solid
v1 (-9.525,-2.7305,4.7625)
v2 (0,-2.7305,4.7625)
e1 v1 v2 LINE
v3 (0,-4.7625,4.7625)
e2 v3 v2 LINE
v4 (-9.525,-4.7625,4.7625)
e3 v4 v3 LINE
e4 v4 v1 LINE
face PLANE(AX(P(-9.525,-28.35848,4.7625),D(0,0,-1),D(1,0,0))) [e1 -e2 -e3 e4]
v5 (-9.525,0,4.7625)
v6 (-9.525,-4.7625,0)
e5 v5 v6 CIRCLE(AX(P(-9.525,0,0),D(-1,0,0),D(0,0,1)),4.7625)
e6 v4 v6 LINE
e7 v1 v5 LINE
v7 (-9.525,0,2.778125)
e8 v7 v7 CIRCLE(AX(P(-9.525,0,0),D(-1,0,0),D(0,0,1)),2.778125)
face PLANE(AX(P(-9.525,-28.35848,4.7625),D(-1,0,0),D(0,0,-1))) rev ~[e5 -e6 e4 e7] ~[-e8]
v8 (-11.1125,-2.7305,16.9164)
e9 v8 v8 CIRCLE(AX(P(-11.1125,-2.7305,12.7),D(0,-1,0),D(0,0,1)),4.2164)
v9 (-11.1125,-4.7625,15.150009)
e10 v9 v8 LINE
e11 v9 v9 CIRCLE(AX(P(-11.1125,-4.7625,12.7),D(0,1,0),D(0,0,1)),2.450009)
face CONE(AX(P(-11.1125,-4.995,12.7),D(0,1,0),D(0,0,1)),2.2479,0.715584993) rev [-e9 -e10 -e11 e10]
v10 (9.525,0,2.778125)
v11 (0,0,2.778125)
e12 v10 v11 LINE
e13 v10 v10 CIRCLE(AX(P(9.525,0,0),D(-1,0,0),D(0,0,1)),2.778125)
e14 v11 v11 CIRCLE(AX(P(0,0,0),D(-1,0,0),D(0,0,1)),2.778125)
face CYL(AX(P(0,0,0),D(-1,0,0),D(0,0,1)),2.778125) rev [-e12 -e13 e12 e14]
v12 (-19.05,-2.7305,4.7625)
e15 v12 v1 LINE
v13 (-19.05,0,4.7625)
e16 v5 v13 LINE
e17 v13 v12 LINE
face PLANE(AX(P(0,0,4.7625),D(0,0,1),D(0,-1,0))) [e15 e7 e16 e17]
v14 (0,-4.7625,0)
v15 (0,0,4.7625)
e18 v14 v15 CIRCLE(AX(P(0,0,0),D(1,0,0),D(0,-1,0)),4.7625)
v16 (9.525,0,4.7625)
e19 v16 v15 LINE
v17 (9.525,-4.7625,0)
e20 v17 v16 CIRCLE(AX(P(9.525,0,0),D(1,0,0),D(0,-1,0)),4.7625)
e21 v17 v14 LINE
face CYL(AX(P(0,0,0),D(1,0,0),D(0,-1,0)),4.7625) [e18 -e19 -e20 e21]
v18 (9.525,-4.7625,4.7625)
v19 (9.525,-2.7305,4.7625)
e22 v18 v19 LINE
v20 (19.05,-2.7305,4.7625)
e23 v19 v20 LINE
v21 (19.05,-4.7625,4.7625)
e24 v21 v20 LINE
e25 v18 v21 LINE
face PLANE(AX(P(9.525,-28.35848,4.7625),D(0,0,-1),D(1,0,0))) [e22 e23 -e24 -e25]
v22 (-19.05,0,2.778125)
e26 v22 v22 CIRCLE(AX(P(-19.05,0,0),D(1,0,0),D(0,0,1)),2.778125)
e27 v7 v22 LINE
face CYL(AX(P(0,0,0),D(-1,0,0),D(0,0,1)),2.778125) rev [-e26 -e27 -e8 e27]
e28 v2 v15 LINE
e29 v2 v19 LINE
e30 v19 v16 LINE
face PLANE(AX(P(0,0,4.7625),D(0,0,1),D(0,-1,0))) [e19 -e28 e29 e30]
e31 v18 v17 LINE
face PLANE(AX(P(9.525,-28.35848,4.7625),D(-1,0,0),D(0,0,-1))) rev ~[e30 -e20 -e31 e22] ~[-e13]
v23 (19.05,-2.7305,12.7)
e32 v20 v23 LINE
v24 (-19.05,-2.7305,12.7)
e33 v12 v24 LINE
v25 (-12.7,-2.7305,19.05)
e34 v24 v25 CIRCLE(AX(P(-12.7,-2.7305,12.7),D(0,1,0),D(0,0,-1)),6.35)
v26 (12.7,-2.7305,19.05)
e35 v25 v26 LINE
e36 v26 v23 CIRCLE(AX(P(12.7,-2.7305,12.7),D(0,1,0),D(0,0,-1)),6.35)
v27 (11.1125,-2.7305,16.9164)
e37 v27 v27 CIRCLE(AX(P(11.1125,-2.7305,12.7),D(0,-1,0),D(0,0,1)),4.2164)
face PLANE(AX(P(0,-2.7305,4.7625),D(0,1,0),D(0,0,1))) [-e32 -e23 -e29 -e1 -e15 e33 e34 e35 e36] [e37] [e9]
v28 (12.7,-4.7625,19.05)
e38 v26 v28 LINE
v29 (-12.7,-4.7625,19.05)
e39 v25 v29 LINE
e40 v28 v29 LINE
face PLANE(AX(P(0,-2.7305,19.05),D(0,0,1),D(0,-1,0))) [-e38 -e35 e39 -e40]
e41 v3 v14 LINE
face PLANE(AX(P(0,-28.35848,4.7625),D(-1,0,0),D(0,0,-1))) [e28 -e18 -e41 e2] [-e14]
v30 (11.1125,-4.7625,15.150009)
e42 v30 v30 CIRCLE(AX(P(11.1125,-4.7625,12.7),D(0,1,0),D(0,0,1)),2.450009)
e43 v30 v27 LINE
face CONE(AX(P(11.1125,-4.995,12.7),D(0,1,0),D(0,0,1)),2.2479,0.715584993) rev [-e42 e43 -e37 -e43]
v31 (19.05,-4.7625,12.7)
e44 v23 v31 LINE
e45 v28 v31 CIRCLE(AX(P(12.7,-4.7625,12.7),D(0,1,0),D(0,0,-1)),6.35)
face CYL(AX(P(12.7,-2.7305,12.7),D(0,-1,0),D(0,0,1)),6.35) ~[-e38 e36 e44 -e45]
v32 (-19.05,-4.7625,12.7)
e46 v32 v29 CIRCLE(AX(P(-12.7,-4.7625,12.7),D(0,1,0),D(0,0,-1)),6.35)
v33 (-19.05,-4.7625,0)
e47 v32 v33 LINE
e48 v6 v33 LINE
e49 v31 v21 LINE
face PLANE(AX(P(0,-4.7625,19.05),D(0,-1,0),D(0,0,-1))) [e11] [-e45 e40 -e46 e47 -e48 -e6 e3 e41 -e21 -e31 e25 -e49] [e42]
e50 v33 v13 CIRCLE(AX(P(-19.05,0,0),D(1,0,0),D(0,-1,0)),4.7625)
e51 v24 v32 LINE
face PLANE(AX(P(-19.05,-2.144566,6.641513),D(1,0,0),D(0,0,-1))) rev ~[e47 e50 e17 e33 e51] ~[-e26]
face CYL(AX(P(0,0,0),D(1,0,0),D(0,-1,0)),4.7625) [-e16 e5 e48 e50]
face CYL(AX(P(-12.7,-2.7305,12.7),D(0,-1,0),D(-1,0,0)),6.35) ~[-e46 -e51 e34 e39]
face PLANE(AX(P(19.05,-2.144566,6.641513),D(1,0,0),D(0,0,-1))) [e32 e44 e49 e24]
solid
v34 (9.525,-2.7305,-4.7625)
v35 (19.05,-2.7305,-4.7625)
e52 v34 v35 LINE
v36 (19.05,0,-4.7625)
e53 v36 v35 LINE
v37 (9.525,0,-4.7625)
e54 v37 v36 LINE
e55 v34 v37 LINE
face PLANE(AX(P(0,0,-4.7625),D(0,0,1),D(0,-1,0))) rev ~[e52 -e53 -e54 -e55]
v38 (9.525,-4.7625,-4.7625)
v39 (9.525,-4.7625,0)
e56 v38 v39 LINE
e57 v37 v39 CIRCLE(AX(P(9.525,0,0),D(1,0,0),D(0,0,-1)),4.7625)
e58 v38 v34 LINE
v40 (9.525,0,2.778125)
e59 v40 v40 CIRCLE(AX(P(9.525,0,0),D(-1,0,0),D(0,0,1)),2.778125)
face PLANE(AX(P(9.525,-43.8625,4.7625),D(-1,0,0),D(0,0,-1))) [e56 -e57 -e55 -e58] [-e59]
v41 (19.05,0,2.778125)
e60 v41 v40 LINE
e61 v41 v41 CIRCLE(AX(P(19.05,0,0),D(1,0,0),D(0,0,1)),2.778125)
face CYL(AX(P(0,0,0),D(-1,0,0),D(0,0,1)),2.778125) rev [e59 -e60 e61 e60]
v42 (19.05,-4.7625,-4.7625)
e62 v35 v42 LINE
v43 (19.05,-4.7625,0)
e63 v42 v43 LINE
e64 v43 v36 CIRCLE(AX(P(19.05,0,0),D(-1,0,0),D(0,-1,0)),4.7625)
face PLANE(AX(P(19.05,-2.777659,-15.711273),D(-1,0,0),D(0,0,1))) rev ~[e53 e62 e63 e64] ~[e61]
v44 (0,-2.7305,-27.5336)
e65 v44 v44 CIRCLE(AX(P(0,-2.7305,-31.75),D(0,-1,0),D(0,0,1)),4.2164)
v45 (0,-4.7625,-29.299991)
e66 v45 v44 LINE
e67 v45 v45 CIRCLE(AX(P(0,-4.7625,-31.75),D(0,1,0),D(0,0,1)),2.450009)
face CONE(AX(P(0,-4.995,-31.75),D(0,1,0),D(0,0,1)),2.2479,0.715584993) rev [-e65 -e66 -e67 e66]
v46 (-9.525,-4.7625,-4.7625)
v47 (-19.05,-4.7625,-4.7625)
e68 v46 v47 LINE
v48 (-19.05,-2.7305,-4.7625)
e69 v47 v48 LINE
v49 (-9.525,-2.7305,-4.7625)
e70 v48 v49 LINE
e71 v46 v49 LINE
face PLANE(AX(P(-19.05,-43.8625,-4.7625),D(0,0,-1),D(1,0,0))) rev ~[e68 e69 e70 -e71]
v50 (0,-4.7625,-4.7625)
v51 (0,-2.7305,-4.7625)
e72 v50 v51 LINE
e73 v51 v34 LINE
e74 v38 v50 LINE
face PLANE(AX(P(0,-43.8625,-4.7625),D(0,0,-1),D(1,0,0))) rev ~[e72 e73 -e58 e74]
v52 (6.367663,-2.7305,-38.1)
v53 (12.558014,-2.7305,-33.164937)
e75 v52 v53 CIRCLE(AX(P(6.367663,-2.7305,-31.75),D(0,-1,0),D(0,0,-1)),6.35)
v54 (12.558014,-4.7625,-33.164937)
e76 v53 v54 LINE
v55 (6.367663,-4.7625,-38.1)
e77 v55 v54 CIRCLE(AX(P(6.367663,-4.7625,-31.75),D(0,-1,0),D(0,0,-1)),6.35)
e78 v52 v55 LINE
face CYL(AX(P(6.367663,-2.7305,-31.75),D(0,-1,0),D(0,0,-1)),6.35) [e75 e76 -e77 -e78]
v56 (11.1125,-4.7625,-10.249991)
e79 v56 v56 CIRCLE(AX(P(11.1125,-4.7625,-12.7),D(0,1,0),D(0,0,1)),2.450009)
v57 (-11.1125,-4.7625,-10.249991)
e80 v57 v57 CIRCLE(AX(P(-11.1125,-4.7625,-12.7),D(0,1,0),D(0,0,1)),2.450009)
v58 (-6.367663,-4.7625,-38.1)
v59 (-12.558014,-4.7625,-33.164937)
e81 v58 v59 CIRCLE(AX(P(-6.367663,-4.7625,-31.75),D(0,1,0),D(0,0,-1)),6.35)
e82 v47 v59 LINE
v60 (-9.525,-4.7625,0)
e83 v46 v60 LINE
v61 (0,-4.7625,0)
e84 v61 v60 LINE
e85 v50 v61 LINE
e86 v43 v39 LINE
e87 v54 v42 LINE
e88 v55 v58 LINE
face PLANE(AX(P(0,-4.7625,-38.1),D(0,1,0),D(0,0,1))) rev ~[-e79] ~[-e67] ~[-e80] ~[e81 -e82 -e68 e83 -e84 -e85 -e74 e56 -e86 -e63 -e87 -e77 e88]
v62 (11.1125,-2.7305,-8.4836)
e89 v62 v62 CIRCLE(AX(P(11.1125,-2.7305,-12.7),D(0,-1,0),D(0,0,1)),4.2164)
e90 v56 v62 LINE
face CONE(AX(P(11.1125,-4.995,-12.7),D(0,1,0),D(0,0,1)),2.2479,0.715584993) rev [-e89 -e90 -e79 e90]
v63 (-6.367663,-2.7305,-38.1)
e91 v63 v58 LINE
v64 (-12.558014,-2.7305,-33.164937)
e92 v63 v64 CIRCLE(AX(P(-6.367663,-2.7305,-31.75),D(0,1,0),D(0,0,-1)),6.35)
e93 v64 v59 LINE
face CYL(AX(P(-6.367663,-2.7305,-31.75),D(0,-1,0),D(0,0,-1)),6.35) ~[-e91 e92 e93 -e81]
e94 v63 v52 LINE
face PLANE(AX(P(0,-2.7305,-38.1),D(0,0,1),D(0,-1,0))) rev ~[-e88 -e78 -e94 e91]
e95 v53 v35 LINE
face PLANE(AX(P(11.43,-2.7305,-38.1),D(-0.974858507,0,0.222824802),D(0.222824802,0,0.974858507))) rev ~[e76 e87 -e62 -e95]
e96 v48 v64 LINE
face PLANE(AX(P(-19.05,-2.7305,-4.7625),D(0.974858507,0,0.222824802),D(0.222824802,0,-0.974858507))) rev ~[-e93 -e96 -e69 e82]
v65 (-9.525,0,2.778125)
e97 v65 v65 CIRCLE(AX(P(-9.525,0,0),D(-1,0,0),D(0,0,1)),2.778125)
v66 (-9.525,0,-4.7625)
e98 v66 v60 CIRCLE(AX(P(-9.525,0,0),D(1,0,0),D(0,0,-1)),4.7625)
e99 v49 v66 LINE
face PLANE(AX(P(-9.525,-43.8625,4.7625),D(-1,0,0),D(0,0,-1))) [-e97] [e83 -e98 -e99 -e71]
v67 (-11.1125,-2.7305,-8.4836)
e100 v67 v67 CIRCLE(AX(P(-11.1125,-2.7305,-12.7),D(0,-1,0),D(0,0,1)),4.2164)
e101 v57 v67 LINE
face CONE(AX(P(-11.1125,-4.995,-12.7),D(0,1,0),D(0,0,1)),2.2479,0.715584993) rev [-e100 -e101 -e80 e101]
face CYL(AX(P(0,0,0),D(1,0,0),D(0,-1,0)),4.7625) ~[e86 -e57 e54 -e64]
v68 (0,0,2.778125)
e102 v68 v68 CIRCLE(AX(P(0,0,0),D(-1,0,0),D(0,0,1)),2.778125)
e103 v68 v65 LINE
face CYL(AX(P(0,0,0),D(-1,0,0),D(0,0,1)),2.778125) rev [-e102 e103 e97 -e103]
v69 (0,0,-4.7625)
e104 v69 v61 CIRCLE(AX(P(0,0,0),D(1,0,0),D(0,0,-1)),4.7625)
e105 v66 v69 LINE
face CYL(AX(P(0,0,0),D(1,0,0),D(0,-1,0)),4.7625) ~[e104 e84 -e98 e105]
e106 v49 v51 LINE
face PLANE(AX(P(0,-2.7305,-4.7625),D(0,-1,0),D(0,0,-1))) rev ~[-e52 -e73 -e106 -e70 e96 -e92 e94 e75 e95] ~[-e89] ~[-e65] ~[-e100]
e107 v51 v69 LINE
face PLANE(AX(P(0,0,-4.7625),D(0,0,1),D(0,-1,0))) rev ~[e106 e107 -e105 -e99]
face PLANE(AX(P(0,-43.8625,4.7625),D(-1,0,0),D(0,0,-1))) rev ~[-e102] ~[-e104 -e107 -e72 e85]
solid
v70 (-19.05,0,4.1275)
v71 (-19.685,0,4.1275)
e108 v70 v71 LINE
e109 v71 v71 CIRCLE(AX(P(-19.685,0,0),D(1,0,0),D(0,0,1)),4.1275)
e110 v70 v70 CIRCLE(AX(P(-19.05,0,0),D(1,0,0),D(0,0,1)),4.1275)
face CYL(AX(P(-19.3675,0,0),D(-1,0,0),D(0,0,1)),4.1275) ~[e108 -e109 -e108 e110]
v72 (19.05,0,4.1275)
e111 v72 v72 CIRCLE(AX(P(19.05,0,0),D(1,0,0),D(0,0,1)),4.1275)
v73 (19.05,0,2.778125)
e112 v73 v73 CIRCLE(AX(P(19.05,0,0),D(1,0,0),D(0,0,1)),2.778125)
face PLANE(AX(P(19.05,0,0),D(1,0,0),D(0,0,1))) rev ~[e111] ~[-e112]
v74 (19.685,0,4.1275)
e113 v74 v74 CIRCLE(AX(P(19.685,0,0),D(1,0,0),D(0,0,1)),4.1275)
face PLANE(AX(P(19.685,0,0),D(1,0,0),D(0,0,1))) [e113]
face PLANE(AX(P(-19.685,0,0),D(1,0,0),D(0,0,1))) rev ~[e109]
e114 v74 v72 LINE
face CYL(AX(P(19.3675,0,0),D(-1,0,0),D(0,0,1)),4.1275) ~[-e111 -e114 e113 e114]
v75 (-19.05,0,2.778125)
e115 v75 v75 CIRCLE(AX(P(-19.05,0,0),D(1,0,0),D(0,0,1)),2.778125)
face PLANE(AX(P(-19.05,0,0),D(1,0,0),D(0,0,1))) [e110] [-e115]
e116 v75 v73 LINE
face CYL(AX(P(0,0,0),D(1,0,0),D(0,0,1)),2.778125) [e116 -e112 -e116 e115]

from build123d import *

# Parameters (mm, degrees)
SKETCH1_R                                     = 2.778125
LEFT_LEAF_DEPTH                               = 19.05
CUT_EXTRUDE1_DEPTH                            = 28.358479604
CUT_EXTRUDE1_DEPTH_BACK                       = 28.358479604
SKETCH2_W                                     = 9.525
SKETCH2_H                                     = 9.525
SKETCH3_R                                     = 2.778125
RIGHT_LEAF_DEPTH                              = 19.05
CUT_EXTRUDE2_DEPTH                            = 43.8625
CUT_EXTRUDE2_DEPTH_BACK                       = 43.8625
SKETCH9_W                                     = 9.525
SKETCH9_H                                     = 9.525
SKETCH10_R                                    = 2.778125
EXTRUDE1_DEPTH                                = 19.05
CUT_EXTRUDE3_DEPTH                            = 44.251098818
FILLET1_R                                     = 6.35
FILLET2_R                                     = 6.35
CSK_FOR_8_FLAT_HEAD_MACHINE_SCREW1_AT_2_COUNT = 2
CSK_FOR_8_FLAT_HEAD_MACHINE_SCREW1_AT_2_PITCH = 22.054254833
CSK_FOR_8_FLAT_HEAD_MACHINE_SCREW1_AT_3_COUNT = 2
CSK_FOR_8_FLAT_HEAD_MACHINE_SCREW1_AT_3_PITCH = 22.054254833
CSK_FOR_8_FLAT_HEAD_MACHINE_SCREW1_AT_4_COUNT = 2
CSK_FOR_8_FLAT_HEAD_MACHINE_SCREW1_AT_4_PITCH = 45.818011265
CSK_FOR_8_FLAT_HEAD_MACHINE_SCREW1_AT_5_COUNT = 2
CSK_FOR_8_FLAT_HEAD_MACHINE_SCREW1_AT_5_PITCH = 45.818011265
SKETCH14_W                                    = 0.635
SKETCH14_H                                    = 4.1275


with BuildPart() as part:
    # Sketch1 → Left Leaf (new, symmetric)
    with BuildSketch(Plane(origin=(0, 0, 0), x_dir=(0, 0, -1), z_dir=(1, 0, 0))):
        with BuildLine():
            Line((-4.7625, 0), (-4.7625, -2.7305))
            Line((-4.7625, -2.7305), (-19.05, -2.7305))
            Line((-19.05, -2.7305), (-19.05, -4.7625))
            Line((-19.05, -4.7625), (0, -4.7625))
            ThreePointArc((0, -4.7625), (3.367596045, 3.367596045), (-4.7625, 0))
        make_face()
        with Locations(Location((0, 0, 0), (0, 0, 180))):
            Circle(SKETCH1_R, mode=Mode.SUBTRACT)
    extrude(amount=LEFT_LEAF_DEPTH, both=True)

    # Sketch2 → Cut-Extrude1 (cut, two sides: drawn at the far end of the back side and taken through both)
    with BuildSketch(Plane(origin=(0, 0, 0), x_dir=(1, 0, 0), z_dir=(0, 1, 0)).offset(-CUT_EXTRUDE1_DEPTH_BACK)):
        with Locations((14.2875, 0)):
            Rectangle(SKETCH2_W, SKETCH2_H)
        with Locations((-4.7625, 0)):
            Rectangle(SKETCH2_W, SKETCH2_H)
    extrude(amount=CUT_EXTRUDE1_DEPTH + CUT_EXTRUDE1_DEPTH_BACK, mode=Mode.SUBTRACT)

    # Fillet1
    fillet1_edges = [part.edges().sort_by_distance(p)[0] for p in [
        (19.05, -3.7465, 19.05),
        (-19.05, -3.7465, 19.05),
    ]]
    fillet(fillet1_edges, radius=FILLET1_R)


with BuildPart() as body_2:
    # Sketch3 → Right Leaf (new, symmetric)
    with BuildSketch(Plane(origin=(0, 0, 0), x_dir=(0, 0, -1), z_dir=(1, 0, 0))):
        with BuildLine():
            Line((38.1, -2.7305), (38.1, -4.7625))
            Line((38.1, -4.7625), (0, -4.7625))
            ThreePointArc((0, -4.7625), (-3.367596045, 3.367596045), (4.7625, 0))
            Line((4.7625, 0), (4.7625, -2.7305))
            Line((4.7625, -2.7305), (38.1, -2.7305))
        make_face()
        with Locations(Location((0, 0, 0), (0, 0, 180))):
            Circle(SKETCH3_R, mode=Mode.SUBTRACT)
    extrude(amount=RIGHT_LEAF_DEPTH, both=True)

    # Sketch9 → Cut-Extrude2 (cut, two sides: drawn at the far end of the back side and taken through both)
    with BuildSketch(Plane(origin=(0, 0, 0), x_dir=(1, 0, 0), z_dir=(0, 1, 0)).offset(-CUT_EXTRUDE2_DEPTH_BACK)):
        with Locations((4.7625, 0)):
            Rectangle(SKETCH9_W, SKETCH9_H)
        with Locations((-14.2875, 0)):
            Rectangle(SKETCH9_W, SKETCH9_H)
    extrude(amount=CUT_EXTRUDE2_DEPTH + CUT_EXTRUDE2_DEPTH_BACK, mode=Mode.SUBTRACT)

    # Sketch13 → Cut-Extrude3 (cut, through all)
    with BuildSketch(Plane(origin=(0, -2.7305, 0), x_dir=(-1, 0, 0), z_dir=(0, 1, 0))):
        Polygon((19.05, -4.7625), (11.43, -38.1), (-11.43, -38.1), (-19.05, -4.7625), (-19.05, -46.917728232), (19.05, -46.917728232), align=None)
    extrude(amount=-CUT_EXTRUDE3_DEPTH, mode=Mode.SUBTRACT)

    # Fillet2
    fillet2_edges = [body_2.edges().sort_by_distance(p)[0] for p in [
        (11.43, -3.7465, -38.1),
        (-11.43, -3.7465, -38.1),
    ]]
    fillet(fillet2_edges, radius=FILLET2_R)

    # Sketch12 → CSK for #8 Flat Head Machine Screw1 (revolve, cut)
    with BuildSketch(Plane(origin=(0, -2.7305, -31.75), x_dir=(0, 0, 1), z_dir=(1, 0, 0))):
        Polygon((0, 0), (0, 2.032), (2.2479, 2.032), (2.2479, 2.26450021), (4.2164, 0), align=None)
    csk_for_8_flat_head_machine_screw1 = revolve(axis=Axis((0, 3.6195, -31.75), (0, -1, 0)), mode=Mode.SUBTRACT)

    # CSK for #8 Flat Head Machine Screw1 at 2: CSK for #8 Flat Head Machine Screw1 ×2
    with Locations(*[Vector(-0.5038710255240861, 0, 0.8637789008984336) * (i * CSK_FOR_8_FLAT_HEAD_MACHINE_SCREW1_AT_2_PITCH) for i in range(1, CSK_FOR_8_FLAT_HEAD_MACHINE_SCREW1_AT_2_COUNT)]):
        add(csk_for_8_flat_head_machine_screw1, mode=Mode.SUBTRACT)

    # CSK for #8 Flat Head Machine Screw1 at 3: CSK for #8 Flat Head Machine Screw1 ×2
    with Locations(*[Vector(0.5038710255240861, 0, 0.8637789008984336) * (i * CSK_FOR_8_FLAT_HEAD_MACHINE_SCREW1_AT_3_PITCH) for i in range(1, CSK_FOR_8_FLAT_HEAD_MACHINE_SCREW1_AT_3_COUNT)]):
        add(csk_for_8_flat_head_machine_screw1, mode=Mode.SUBTRACT)


with BuildPart() as body_3:
    # Sketch10 → Extrude1 (new, symmetric)
    with BuildSketch(Plane(origin=(0, 0, 0), x_dir=(0, 0, -1), z_dir=(1, 0, 0))):
        with Locations(Location((0, 0, 0), (0, 0, 180))):
            Circle(SKETCH10_R)
    extrude(amount=EXTRUDE1_DEPTH, both=True)

    # Sketch14 → Revolve1 (revolve)
    with BuildSketch(Plane(origin=(0, 0, 0), x_dir=(-1, 0, 0), z_dir=(0, 1, 0)), mode=Mode.PRIVATE) as revolve1_sk:
        with Locations((-19.3675, -2.06375)):
            Rectangle(SKETCH14_W, SKETCH14_H)
        with Locations((19.3675, -2.06375)):
            Rectangle(SKETCH14_W, SKETCH14_H)
    revolve(revolve1_sk.sketch.rotate(Axis((-19.05, 0, 0), (1, 0, 0)), 180), axis=Axis((-19.05, 0, 0), (1, 0, 0)))


with BuildPart() as part_1:
    add(part.part)

    # CSK for #8 Flat Head Machine Screw1 at 4: CSK for #8 Flat Head Machine Screw1 ×2
    with Locations(*[Vector(-0.242535625036333, 0, 0.970142500145332) * (i * CSK_FOR_8_FLAT_HEAD_MACHINE_SCREW1_AT_4_PITCH) for i in range(1, CSK_FOR_8_FLAT_HEAD_MACHINE_SCREW1_AT_4_COUNT)]):
        add(csk_for_8_flat_head_machine_screw1, mode=Mode.SUBTRACT)

    # CSK for #8 Flat Head Machine Screw1 at 5: CSK for #8 Flat Head Machine Screw1 ×2
    with Locations(*[Vector(0.242535625036333, 0, 0.970142500145332) * (i * CSK_FOR_8_FLAT_HEAD_MACHINE_SCREW1_AT_5_PITCH) for i in range(1, CSK_FOR_8_FLAT_HEAD_MACHINE_SCREW1_AT_5_COUNT)]):
        add(csk_for_8_flat_head_machine_screw1, mode=Mode.SUBTRACT)


solid = Compound([body_2.part, body_3.part, part_1.part])
